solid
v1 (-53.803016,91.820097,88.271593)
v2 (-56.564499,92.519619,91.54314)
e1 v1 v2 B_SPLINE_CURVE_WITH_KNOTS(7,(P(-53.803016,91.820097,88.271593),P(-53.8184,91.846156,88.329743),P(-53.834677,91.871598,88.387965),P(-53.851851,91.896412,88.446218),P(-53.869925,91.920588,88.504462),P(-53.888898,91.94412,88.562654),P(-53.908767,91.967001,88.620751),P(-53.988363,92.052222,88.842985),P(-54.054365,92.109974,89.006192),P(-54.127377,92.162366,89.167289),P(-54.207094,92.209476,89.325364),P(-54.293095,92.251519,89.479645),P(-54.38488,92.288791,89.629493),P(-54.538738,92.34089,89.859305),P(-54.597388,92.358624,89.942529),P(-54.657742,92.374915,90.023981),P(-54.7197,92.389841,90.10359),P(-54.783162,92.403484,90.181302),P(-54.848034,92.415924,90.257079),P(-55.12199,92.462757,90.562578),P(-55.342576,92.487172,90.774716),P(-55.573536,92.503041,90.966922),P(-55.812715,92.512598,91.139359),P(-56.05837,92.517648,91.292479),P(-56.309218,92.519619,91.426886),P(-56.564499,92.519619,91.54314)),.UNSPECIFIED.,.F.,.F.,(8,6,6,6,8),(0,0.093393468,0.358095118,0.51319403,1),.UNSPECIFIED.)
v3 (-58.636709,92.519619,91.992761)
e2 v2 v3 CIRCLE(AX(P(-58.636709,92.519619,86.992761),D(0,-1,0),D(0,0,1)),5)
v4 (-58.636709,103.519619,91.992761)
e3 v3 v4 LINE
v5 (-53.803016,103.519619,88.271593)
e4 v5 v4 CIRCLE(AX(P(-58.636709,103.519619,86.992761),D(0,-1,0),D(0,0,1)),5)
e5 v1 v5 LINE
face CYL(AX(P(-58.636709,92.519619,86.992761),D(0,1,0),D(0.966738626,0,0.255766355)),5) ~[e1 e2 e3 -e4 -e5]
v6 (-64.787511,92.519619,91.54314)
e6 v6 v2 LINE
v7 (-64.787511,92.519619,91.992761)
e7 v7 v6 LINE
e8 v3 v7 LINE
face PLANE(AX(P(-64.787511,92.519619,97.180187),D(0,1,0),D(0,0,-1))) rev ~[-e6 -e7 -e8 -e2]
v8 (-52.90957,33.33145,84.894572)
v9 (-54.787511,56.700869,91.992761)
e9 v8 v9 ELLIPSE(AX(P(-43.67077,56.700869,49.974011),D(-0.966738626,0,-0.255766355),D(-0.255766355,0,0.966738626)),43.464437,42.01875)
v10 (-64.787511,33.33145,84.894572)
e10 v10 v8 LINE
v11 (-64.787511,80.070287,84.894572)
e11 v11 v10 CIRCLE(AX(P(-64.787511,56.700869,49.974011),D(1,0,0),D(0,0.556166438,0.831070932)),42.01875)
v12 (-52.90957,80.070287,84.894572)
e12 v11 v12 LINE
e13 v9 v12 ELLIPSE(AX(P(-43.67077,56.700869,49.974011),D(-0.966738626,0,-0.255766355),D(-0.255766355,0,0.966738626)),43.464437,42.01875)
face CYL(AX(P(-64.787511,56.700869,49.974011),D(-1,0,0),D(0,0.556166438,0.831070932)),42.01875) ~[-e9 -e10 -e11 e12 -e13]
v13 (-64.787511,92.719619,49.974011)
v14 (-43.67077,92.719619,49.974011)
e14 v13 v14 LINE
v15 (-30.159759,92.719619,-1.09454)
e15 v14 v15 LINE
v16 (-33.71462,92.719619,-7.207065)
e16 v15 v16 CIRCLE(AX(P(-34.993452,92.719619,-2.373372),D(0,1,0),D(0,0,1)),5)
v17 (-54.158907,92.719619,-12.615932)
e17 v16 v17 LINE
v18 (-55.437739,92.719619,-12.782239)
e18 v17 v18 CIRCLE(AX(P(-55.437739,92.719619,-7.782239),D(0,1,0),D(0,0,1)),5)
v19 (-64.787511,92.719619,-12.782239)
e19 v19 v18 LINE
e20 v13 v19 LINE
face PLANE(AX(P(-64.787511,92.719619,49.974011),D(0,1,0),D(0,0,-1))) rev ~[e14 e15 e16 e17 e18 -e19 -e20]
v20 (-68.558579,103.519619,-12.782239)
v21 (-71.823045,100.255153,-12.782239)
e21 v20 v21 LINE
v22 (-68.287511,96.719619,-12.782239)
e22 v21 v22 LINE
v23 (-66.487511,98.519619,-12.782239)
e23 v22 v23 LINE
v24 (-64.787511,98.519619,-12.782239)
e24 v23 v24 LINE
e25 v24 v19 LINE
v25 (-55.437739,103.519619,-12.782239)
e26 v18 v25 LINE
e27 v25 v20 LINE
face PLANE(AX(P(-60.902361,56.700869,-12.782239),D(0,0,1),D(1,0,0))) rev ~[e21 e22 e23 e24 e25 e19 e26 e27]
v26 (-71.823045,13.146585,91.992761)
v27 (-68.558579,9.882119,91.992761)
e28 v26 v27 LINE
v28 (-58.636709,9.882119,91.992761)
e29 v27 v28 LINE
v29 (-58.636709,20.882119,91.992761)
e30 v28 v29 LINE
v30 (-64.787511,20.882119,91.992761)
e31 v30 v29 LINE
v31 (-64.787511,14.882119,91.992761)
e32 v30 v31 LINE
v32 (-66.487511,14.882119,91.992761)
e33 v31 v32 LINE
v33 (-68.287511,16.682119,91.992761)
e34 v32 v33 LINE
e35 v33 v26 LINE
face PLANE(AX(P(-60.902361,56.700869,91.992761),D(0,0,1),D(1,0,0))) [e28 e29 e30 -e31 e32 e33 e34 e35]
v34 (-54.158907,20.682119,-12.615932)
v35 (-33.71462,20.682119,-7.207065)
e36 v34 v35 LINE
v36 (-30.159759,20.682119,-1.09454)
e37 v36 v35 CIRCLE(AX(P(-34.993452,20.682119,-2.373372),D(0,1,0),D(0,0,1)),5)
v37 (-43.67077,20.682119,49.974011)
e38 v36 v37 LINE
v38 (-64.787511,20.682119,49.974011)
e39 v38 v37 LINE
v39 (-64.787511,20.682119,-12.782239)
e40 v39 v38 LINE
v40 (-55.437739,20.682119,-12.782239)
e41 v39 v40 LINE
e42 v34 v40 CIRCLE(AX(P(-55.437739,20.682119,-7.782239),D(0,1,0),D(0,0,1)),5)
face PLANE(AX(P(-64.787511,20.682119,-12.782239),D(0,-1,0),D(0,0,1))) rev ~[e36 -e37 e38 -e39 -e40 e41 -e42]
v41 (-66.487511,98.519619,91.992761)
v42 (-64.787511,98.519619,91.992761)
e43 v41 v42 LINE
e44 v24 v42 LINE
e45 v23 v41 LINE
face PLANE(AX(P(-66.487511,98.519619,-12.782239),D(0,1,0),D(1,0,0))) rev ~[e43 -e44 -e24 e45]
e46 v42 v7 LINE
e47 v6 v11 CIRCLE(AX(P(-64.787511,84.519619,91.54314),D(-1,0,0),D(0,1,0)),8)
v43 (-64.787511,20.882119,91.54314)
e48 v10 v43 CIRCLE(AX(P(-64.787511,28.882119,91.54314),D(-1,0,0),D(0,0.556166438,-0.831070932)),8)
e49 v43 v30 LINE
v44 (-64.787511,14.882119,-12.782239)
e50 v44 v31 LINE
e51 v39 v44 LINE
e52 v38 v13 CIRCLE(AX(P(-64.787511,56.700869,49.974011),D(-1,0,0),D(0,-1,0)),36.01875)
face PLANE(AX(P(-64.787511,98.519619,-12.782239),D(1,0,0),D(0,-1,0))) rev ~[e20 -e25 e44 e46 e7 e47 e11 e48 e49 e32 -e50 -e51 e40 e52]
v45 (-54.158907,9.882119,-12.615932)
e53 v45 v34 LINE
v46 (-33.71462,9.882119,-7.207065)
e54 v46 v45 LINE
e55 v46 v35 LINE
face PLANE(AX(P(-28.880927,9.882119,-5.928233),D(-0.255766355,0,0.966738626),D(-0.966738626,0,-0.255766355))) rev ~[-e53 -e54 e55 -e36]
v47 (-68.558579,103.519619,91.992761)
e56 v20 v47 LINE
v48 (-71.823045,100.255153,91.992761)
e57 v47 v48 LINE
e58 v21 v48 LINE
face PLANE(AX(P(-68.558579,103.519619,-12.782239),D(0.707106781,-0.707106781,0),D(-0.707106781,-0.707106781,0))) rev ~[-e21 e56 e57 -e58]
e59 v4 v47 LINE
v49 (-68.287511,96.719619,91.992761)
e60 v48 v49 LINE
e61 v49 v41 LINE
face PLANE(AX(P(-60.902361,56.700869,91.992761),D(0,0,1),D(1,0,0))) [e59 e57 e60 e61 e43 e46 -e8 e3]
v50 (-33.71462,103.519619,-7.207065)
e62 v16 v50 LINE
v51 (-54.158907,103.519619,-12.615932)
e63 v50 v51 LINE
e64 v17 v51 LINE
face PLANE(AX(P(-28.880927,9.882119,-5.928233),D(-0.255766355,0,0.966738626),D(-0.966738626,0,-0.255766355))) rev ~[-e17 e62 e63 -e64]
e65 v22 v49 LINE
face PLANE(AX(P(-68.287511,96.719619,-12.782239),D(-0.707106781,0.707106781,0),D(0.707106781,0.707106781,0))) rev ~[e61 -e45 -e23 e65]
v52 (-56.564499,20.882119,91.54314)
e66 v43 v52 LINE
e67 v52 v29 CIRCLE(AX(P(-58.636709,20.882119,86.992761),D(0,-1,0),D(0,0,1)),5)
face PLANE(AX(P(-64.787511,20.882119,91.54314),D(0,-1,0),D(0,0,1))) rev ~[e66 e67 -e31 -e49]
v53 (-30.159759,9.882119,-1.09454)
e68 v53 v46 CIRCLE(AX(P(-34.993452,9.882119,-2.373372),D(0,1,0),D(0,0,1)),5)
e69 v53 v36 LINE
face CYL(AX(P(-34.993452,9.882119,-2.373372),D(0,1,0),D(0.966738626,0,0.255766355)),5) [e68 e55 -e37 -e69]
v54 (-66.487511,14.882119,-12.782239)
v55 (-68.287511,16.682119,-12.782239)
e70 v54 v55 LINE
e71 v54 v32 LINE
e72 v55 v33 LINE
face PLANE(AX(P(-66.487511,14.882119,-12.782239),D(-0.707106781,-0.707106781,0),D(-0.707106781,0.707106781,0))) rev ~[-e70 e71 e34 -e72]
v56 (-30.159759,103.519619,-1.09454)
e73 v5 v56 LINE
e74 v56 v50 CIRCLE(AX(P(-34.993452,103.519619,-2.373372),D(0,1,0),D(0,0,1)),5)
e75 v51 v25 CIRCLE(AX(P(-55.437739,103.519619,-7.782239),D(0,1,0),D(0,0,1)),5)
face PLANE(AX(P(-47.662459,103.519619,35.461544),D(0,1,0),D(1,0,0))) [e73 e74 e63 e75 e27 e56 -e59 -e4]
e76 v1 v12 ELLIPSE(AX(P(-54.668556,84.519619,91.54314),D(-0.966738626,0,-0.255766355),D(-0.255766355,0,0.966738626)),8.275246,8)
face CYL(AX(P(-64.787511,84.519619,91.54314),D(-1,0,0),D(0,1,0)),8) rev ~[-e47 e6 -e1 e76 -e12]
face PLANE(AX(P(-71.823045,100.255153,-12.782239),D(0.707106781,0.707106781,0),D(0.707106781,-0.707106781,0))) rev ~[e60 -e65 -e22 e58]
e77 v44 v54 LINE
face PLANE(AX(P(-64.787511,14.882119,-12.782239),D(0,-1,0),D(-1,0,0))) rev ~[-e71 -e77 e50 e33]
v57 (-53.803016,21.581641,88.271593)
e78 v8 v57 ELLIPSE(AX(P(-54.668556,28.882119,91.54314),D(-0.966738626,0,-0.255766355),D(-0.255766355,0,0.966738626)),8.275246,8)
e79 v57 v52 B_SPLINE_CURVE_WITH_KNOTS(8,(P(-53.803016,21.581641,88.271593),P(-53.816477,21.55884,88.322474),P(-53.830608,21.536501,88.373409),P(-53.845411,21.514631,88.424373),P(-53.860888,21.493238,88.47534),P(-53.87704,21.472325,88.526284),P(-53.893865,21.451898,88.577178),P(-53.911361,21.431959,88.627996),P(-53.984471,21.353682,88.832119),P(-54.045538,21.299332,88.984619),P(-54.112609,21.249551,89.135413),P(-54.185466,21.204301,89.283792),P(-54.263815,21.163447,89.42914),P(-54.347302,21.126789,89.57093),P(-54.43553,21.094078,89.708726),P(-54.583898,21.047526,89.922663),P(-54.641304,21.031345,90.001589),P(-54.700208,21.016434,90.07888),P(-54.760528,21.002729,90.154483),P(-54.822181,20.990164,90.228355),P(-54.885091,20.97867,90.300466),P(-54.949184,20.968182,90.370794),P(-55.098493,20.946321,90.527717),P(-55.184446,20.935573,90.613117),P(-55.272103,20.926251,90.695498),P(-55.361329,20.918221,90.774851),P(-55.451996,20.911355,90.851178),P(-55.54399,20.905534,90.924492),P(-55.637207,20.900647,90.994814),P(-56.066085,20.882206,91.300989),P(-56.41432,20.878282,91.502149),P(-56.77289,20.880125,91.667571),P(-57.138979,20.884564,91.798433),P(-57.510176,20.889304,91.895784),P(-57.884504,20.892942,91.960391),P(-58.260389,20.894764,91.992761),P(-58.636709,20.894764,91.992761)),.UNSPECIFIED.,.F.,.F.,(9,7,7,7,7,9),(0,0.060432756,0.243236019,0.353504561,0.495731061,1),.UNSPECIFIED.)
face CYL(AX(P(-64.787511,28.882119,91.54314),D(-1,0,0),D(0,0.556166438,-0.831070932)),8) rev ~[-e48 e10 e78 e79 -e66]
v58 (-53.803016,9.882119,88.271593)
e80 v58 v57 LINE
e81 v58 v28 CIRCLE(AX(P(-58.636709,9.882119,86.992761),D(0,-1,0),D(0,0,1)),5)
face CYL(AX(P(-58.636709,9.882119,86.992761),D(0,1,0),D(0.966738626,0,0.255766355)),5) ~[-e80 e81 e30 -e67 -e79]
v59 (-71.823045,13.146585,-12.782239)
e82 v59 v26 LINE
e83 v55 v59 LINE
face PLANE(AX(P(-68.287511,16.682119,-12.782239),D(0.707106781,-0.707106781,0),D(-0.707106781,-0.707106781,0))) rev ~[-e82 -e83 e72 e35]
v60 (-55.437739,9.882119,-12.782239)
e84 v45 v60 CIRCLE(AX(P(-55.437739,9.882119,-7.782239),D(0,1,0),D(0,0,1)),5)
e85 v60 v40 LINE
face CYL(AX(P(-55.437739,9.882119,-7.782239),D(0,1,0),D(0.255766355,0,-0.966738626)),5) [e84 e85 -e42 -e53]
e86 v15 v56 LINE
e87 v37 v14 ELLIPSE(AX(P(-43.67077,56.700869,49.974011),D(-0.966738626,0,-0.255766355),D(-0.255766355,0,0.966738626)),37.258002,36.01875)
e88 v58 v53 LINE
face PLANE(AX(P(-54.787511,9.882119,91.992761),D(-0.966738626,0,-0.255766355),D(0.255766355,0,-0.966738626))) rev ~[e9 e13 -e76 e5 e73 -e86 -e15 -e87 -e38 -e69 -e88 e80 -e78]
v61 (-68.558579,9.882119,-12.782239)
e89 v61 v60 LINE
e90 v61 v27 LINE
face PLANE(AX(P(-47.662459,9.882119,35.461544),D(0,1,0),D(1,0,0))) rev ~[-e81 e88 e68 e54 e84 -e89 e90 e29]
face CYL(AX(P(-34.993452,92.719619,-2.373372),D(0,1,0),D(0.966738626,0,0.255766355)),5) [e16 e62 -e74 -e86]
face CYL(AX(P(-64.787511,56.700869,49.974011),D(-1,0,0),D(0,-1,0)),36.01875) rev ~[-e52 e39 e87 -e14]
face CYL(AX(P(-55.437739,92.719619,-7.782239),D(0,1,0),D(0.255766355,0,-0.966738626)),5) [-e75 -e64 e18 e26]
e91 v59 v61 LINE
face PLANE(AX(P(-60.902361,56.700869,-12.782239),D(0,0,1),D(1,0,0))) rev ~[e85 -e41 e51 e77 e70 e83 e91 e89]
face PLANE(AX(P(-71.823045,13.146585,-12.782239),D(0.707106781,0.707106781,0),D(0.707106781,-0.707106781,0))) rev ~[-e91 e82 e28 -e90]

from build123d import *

# Parameters (mm, degrees)
BOSS_EXTRUDE1_DEPTH      = 91.992761
BOSS_EXTRUDE1_DEPTH_BACK = 12.782239
BOSS_EXTRUDE2_DEPTH      = 93.6375
CUT_EXTRUDE1_DEPTH       = 144.067335103
FILLET1_R                = 5


with BuildPart() as part:
    # Sketch1 → Boss-Extrude1 (new, two sides: drawn at the far end of the back side and taken through both)
    with BuildSketch(Plane.XY.offset(-BOSS_EXTRUDE1_DEPTH_BACK)):
        Polygon((-68.287510941, 96.719618957), (-66.487510941, 98.519618957), (-64.787510941, 98.519618957), (-64.787510941, 14.882118957), (-66.487510941, 14.882118957), (-68.287510941, 16.682118957), (-71.823044847, 13.146585051), (-68.558578753, 9.882118957), (-54.787510941, 9.882118957), (-54.787510941, 103.519618957), (-68.558578753, 103.519618957), (-71.823044847, 100.255152863), align=None)
    extrude(amount=BOSS_EXTRUDE1_DEPTH + BOSS_EXTRUDE1_DEPTH_BACK)

    # Sketch2 → Boss-Extrude2 (add)
    with BuildSketch(Plane(origin=(0, 9.882118957, 0), x_dir=(1, 0, 0), z_dir=(0, 1, 0))):
        Polygon((-54.787510941, 12.782239353), (-54.787510941, -91.992760647), (-28.880926753, 5.928233091), align=None)
    extrude(amount=BOSS_EXTRUDE2_DEPTH)

    # Sketch3 → Cut-Extrude1 (cut, through all)
    with BuildSketch(Plane.ZY.offset(64.787510941)):
        with BuildLine():
            Line((49.974010647, 92.719618957), (-12.782239353, 92.719618957))
            Line((-12.782239353, 92.719618957), (-12.782239353, 20.682118957))
            Line((-12.782239353, 20.682118957), (49.974010647, 20.682118957))
            ThreePointArc((49.974010647, 20.682118957), (85.992760647, 56.700868957), (49.974010647, 92.719618957))
        make_face()
        with BuildLine():
            Line((91.543139818, 20.882118957), (97.180187327, 20.882118957))
            Line((97.180187327, 20.882118957), (97.180187327, 92.519618957))
            Line((97.180187327, 92.519618957), (91.543139818, 92.519618957))
            ThreePointArc((91.543139818, 92.519618957), (84.486417774, 88.288262479), (84.894572363, 80.070287456))
            ThreePointArc((84.894572363, 80.070287456), (91.992760647, 56.700868957), (84.894572363, 33.331450457))
            ThreePointArc((84.894572363, 33.331450457), (84.486417774, 25.113475435), (91.543139818, 20.882118957))
        make_face()
    extrude(amount=-CUT_EXTRUDE1_DEPTH, mode=Mode.SUBTRACT)

    # Fillet1
    fillet1_edges = [part.edges().sort_by_distance(p)[0] for p in [
        (-54.787510941, 15.282118957, -12.782239),
        (-54.787510941, 98.119618957, -12.782239),
        (-28.880926753, 15.282118957, -5.928233091),
        (-28.880926753, 98.119618957, -5.928233091),
        (-54.787510941, 15.382118957, 91.992761),
        (-54.787510941, 98.019618957, 91.992761),
    ]]
    fillet(fillet1_edges, radius=FILLET1_R)


solid = part.part
